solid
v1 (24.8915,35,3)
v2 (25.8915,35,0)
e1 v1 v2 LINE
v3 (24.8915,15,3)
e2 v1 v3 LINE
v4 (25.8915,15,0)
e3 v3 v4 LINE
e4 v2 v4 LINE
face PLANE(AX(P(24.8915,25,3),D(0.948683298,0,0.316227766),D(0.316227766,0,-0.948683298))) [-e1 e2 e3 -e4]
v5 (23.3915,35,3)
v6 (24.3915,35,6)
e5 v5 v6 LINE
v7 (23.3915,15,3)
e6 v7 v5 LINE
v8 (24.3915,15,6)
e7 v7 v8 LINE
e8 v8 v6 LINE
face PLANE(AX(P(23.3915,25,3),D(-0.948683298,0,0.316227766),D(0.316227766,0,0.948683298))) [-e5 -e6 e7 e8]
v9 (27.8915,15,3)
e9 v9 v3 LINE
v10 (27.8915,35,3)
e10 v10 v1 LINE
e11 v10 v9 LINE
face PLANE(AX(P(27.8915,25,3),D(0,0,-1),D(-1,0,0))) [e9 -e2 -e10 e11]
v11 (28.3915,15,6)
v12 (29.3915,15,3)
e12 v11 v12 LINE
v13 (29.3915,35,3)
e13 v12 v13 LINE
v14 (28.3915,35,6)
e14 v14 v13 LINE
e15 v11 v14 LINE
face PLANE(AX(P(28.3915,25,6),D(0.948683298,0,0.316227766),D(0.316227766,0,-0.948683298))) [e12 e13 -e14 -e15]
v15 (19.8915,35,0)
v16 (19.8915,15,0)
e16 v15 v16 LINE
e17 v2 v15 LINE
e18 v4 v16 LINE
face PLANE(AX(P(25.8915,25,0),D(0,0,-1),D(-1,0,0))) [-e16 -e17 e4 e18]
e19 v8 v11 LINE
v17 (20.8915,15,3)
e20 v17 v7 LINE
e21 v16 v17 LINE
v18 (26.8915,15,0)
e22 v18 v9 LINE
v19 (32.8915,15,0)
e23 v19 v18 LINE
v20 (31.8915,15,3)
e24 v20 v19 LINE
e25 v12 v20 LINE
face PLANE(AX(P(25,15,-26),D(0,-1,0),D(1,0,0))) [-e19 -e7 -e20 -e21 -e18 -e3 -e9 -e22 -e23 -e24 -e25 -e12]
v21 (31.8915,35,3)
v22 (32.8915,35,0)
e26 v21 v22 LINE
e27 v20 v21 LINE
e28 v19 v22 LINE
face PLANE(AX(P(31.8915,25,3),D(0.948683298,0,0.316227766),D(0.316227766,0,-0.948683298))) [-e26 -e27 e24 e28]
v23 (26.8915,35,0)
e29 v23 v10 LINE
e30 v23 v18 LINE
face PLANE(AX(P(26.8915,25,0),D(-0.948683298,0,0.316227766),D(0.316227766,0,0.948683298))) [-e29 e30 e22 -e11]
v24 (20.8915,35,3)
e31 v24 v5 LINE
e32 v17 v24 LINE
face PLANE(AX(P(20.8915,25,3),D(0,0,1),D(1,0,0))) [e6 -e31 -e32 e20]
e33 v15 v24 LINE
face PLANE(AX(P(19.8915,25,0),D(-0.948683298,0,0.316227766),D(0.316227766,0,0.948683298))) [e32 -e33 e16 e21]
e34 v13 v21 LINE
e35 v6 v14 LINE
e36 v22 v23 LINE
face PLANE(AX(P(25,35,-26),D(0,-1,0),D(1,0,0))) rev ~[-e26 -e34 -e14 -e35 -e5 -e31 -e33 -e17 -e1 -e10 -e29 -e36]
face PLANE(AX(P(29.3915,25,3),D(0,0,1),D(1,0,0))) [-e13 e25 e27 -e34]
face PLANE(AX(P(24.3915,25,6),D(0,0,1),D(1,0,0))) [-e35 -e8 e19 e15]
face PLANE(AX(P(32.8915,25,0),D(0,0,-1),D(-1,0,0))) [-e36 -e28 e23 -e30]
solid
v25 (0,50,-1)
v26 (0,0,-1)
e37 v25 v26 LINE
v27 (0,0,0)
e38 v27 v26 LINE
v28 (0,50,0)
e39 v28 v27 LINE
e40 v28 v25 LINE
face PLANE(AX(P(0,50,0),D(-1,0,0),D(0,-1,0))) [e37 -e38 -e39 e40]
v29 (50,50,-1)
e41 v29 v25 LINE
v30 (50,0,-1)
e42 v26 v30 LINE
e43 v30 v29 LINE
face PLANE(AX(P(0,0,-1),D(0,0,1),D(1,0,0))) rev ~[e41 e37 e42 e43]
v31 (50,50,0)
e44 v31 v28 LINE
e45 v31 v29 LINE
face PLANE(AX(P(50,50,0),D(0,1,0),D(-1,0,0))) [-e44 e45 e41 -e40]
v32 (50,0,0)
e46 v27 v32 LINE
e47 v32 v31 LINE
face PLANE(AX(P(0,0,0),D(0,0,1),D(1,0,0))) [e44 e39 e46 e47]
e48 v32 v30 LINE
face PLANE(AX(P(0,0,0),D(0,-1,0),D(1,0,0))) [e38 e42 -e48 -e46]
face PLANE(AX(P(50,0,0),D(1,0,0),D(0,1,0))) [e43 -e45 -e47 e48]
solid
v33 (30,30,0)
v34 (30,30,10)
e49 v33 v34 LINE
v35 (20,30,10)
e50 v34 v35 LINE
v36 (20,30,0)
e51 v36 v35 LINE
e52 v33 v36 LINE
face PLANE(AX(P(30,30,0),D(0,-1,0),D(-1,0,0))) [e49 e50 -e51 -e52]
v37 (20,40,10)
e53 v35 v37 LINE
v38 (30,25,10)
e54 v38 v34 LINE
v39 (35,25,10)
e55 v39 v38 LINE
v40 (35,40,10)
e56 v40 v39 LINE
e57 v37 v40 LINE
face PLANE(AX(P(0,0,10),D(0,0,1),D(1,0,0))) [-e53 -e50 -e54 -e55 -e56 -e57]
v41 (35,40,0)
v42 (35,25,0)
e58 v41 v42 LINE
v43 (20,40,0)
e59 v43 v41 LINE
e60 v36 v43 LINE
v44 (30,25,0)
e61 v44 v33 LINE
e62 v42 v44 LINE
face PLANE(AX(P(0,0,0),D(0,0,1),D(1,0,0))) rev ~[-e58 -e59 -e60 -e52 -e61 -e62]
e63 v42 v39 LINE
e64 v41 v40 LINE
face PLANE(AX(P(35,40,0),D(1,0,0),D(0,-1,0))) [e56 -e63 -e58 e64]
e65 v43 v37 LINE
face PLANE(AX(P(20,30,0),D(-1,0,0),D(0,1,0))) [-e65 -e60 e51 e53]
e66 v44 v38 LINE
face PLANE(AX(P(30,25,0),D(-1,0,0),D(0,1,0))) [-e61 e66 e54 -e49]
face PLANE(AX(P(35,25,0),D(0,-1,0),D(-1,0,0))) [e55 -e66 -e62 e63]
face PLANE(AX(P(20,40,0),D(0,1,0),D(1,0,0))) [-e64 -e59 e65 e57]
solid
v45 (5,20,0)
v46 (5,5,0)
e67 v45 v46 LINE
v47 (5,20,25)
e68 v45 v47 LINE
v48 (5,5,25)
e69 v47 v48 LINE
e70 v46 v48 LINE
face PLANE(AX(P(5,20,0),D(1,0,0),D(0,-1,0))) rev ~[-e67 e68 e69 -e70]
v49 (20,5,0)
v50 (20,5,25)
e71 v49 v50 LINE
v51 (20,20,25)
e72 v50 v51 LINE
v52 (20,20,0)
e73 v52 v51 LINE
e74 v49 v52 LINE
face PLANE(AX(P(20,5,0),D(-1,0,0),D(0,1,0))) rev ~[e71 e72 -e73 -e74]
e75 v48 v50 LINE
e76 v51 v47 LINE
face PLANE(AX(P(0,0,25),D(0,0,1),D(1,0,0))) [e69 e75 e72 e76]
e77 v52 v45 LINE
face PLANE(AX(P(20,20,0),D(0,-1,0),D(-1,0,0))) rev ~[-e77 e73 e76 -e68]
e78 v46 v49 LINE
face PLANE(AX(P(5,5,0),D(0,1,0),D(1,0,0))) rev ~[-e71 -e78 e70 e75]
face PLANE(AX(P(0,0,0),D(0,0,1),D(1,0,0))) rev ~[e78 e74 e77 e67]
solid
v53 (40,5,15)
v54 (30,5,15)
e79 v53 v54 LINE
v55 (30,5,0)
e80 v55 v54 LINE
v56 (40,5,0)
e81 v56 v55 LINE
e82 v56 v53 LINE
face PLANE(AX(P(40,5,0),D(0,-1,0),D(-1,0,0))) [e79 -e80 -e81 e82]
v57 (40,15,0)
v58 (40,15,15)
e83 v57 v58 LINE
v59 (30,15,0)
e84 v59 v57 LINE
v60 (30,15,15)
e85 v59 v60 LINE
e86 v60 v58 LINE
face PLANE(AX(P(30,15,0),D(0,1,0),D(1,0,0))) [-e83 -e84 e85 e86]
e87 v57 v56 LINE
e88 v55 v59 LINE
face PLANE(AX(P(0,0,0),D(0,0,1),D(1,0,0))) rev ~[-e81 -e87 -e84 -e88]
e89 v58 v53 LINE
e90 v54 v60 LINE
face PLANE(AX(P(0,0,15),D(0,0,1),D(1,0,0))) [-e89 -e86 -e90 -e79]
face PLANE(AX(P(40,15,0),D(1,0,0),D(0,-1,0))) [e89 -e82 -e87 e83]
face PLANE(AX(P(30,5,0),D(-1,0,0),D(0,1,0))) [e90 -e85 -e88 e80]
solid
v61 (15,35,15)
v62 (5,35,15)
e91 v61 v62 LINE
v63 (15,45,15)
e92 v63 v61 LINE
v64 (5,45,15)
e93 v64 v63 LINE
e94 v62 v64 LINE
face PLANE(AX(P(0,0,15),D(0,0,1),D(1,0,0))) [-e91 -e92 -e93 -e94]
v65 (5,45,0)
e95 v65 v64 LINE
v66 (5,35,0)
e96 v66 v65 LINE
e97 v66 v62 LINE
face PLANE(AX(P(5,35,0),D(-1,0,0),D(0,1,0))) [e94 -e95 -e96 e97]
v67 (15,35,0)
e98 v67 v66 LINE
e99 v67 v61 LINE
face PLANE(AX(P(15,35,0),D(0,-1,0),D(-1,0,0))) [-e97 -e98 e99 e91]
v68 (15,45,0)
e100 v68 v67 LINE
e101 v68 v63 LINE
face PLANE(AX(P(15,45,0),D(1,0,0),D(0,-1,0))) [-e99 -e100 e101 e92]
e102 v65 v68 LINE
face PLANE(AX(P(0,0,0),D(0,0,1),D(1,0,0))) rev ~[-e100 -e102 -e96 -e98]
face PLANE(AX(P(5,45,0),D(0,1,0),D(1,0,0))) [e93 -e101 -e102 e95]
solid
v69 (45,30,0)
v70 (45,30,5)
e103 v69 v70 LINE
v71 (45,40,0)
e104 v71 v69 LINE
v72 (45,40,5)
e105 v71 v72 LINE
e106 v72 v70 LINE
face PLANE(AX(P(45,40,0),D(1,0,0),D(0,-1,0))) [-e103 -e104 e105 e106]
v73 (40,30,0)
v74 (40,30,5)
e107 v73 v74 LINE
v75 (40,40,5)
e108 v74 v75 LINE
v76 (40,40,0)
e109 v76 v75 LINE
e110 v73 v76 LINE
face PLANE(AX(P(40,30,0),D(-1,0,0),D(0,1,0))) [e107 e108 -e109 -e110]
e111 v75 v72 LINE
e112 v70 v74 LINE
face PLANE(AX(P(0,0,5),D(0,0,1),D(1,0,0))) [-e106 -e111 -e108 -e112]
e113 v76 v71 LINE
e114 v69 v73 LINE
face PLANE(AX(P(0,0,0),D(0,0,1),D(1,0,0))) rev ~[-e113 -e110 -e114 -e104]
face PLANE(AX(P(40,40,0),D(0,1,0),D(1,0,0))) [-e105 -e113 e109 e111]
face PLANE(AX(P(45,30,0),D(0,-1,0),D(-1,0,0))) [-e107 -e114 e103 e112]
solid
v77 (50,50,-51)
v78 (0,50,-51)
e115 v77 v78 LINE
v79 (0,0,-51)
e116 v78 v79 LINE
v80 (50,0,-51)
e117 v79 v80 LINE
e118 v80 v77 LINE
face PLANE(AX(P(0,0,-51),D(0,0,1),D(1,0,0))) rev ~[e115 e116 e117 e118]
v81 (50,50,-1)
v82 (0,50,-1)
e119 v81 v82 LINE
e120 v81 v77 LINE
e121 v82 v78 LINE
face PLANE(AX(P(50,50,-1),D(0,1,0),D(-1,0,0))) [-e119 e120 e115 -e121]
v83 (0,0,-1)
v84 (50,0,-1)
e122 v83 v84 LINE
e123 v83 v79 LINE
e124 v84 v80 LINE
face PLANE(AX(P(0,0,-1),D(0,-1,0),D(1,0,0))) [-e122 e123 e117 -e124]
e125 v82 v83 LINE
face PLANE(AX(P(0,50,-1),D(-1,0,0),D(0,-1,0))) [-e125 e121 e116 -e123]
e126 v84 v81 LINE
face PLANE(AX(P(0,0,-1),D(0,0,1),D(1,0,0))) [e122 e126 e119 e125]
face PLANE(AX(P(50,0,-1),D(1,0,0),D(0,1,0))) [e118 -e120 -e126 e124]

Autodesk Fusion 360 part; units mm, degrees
sketch "Skizze1" plane through (0, 0, 0) normal (0, 0, 1) x (1, 0, 0)
  line L0 (0, 0) -> (50, 0)
  line L1 (50, 0) -> (50, 50)
  line L2 (50, 50) -> (0, 50)
  line L3 (0, 50) -> (0, 0)
  line L4 (20, 20) -> (5, 20)
  line L5 (5, 20) -> (5, 5)
  line L6 (5, 5) -> (20, 5)
  line L7 (20, 5) -> (20, 20)
  line L8 (20, 40) -> (35, 40)
  line L9 (35, 40) -> (35, 25)
  line L10 (35, 25) -> (30, 25)
  line L11 (30, 25) -> (30, 30)
  line L12 (30, 30) -> (20, 30)
  line L13 (20, 30) -> (20, 40)
  line L14 (5, 45) -> (15, 45)
  line L15 (15, 45) -> (15, 35)
  line L16 (15, 35) -> (5, 35)
  line L17 (5, 35) -> (5, 45)
  line L18 (30, 15) -> (40, 15)
  line L19 (40, 15) -> (40, 5)
  line L20 (40, 5) -> (30, 5)
  line L21 (30, 5) -> (30, 15)
  line L22 (40, 40) -> (45, 40)
  line L23 (45, 40) -> (45, 30)
  line L24 (45, 30) -> (40, 30)
  line L25 (40, 30) -> (40, 40)
extrude "Extrusion1" add sketch "Skizze1" along normal blind 25 contours L4 L5 L6 L7 makes body 1 in component "Großer Block"
extrude "Extrusion1'" add sketch "Skizze1" along normal blind 15 separate body contours L18 L19 L20 L21 makes body 2 in component "Medium Block 1"
extrude "Extrusion1''" add sketch "Skizze1" along normal blind 15 separate body contours L14 L15 L16 L17 makes body 3 in component "Medium Block 2#"
extrude "Extrusion1'''" add sketch "Skizze1" along normal blind 10 separate body contours L8 L9 L10 L11 L12 L13 makes body 4 in component "L Block"
extrude "Extrusion1''''" add sketch "Skizze1" along normal blind 5 separate body contours L22 L23 L24 L25 makes body 5 in component "Smal Block 1"
extrude "Extrusion1'''''" add sketch "Skizze1" against normal blind 1 separate body contours L0 L1 L2 L3 | L4 L5 L6 L7 | L8 L9 L10 L11 L12 L13 | L14 L15 L16 L17 | L18 L19 L20 L21 | L22 L23 L24 L25 makes body 6 in component "Boden"
extrude "Extrusion1''''''" add 1 faces at (16.6667, 33.3333, -1) along direction (0, 0, -1) blind 50 separate body on bodies 6 makes body 7 in component "Ground below"
ref_plane "Arbeitsebene1" through (25, 25, -26) normal (0, -1, 0) x (-1, 0, 0)
sketch "Skizze4" plane through (25, 25, -26) normal (0, -1, 0) x (1, 0, 0)
  line L0 (-5.1085, 26) -> (-4.1085, 29)
  line L1 (-4.1085, 29) -> (-0.1085, 29)
  line L2 (-0.1085, 29) -> (0.8915, 26)
  line L3 (0.8915, 26) -> (-5.1085, 26)
  line L4 (6.8915, 29) -> (7.8915, 26)
  line L5 (1.8915, 26) -> (2.8915, 29)
  line L6 (2.8915, 29) -> (6.8915, 29)
  line L7 (7.8915, 26) -> (1.8915, 26)
  line L8 (3.3915, 32) -> (4.3915, 29)
  line L9 (-1.6085, 29) -> (-0.6085, 32)
  line L10 (-0.6085, 32) -> (3.3915, 32)
  line L11 (4.3915, 29) -> (-1.6085, 29)
  line L12 (-25, 26) -> (25, 26)
  dimension "d20" = 4
  dimension "d21" = 6
  dimension "d22" = 1
  dimension "d23" = 3
  dimension "d32" = 6
  dimension "d33" = 4
  dimension "d34" = 1
  dimension "d35" = 3
  dimension "d36" = 6
  dimension "d37" = 4
  dimension "d38" = 1
  dimension "d39" = 3
  dimension "d40" = 1
  dimension "d41" = 1.5
extrude "Extrusion1'''''''" add sketch "Skizze4" along normal mid plane 20 separate body contours L0 L1 L2 L3 L11 L12 | L1 L6 L8 L9 L10 L11 | L4 L5 L6 L7 L11 L12 makes body 8 in component "Ore"
component "Großer Block" placed x (1, 0, 0) y (0, 1, 0) z (0, 0, 1) at (0, 0, 0)
component "Medium Block 1" placed x (1, 0, 0) y (0, 1, 0) z (0, 0, 1) at (0, 0, 0)
component "Medium Block 2#" placed x (1, 0, 0) y (0, 1, 0) z (0, 0, 1) at (0, 0, 0)
component "L Block" placed x (1, 0, 0) y (0, 1, 0) z (0, 0, 1) at (0, 0, 0)
component "Smal Block 1" placed x (1, 0, 0) y (0, 1, 0) z (0, 0, 1) at (0, 0, 0)
component "Boden" placed x (1, 0, 0) y (0, 1, 0) z (0, 0, 1) at (0, 0, 0)
component "Ground below" placed x (1, 0, 0) y (0, 1, 0) z (0, 0, 1) at (0, 0, 0)
component "Ore" placed x (1, 0, 0) y (0, 1, 0) z (0, 0, 1) at (0, 0, 0)
equation "d32 = d21"
equation "d33 = d20"
equation "d34 = d22"
equation "d35 = d23"
equation "d36 = d21"
equation "d37 = d20"
equation "d38 = d22"
equation "d39 = d23"
equation "d41 = ( d36 - d40 ) / 2 - d22"
